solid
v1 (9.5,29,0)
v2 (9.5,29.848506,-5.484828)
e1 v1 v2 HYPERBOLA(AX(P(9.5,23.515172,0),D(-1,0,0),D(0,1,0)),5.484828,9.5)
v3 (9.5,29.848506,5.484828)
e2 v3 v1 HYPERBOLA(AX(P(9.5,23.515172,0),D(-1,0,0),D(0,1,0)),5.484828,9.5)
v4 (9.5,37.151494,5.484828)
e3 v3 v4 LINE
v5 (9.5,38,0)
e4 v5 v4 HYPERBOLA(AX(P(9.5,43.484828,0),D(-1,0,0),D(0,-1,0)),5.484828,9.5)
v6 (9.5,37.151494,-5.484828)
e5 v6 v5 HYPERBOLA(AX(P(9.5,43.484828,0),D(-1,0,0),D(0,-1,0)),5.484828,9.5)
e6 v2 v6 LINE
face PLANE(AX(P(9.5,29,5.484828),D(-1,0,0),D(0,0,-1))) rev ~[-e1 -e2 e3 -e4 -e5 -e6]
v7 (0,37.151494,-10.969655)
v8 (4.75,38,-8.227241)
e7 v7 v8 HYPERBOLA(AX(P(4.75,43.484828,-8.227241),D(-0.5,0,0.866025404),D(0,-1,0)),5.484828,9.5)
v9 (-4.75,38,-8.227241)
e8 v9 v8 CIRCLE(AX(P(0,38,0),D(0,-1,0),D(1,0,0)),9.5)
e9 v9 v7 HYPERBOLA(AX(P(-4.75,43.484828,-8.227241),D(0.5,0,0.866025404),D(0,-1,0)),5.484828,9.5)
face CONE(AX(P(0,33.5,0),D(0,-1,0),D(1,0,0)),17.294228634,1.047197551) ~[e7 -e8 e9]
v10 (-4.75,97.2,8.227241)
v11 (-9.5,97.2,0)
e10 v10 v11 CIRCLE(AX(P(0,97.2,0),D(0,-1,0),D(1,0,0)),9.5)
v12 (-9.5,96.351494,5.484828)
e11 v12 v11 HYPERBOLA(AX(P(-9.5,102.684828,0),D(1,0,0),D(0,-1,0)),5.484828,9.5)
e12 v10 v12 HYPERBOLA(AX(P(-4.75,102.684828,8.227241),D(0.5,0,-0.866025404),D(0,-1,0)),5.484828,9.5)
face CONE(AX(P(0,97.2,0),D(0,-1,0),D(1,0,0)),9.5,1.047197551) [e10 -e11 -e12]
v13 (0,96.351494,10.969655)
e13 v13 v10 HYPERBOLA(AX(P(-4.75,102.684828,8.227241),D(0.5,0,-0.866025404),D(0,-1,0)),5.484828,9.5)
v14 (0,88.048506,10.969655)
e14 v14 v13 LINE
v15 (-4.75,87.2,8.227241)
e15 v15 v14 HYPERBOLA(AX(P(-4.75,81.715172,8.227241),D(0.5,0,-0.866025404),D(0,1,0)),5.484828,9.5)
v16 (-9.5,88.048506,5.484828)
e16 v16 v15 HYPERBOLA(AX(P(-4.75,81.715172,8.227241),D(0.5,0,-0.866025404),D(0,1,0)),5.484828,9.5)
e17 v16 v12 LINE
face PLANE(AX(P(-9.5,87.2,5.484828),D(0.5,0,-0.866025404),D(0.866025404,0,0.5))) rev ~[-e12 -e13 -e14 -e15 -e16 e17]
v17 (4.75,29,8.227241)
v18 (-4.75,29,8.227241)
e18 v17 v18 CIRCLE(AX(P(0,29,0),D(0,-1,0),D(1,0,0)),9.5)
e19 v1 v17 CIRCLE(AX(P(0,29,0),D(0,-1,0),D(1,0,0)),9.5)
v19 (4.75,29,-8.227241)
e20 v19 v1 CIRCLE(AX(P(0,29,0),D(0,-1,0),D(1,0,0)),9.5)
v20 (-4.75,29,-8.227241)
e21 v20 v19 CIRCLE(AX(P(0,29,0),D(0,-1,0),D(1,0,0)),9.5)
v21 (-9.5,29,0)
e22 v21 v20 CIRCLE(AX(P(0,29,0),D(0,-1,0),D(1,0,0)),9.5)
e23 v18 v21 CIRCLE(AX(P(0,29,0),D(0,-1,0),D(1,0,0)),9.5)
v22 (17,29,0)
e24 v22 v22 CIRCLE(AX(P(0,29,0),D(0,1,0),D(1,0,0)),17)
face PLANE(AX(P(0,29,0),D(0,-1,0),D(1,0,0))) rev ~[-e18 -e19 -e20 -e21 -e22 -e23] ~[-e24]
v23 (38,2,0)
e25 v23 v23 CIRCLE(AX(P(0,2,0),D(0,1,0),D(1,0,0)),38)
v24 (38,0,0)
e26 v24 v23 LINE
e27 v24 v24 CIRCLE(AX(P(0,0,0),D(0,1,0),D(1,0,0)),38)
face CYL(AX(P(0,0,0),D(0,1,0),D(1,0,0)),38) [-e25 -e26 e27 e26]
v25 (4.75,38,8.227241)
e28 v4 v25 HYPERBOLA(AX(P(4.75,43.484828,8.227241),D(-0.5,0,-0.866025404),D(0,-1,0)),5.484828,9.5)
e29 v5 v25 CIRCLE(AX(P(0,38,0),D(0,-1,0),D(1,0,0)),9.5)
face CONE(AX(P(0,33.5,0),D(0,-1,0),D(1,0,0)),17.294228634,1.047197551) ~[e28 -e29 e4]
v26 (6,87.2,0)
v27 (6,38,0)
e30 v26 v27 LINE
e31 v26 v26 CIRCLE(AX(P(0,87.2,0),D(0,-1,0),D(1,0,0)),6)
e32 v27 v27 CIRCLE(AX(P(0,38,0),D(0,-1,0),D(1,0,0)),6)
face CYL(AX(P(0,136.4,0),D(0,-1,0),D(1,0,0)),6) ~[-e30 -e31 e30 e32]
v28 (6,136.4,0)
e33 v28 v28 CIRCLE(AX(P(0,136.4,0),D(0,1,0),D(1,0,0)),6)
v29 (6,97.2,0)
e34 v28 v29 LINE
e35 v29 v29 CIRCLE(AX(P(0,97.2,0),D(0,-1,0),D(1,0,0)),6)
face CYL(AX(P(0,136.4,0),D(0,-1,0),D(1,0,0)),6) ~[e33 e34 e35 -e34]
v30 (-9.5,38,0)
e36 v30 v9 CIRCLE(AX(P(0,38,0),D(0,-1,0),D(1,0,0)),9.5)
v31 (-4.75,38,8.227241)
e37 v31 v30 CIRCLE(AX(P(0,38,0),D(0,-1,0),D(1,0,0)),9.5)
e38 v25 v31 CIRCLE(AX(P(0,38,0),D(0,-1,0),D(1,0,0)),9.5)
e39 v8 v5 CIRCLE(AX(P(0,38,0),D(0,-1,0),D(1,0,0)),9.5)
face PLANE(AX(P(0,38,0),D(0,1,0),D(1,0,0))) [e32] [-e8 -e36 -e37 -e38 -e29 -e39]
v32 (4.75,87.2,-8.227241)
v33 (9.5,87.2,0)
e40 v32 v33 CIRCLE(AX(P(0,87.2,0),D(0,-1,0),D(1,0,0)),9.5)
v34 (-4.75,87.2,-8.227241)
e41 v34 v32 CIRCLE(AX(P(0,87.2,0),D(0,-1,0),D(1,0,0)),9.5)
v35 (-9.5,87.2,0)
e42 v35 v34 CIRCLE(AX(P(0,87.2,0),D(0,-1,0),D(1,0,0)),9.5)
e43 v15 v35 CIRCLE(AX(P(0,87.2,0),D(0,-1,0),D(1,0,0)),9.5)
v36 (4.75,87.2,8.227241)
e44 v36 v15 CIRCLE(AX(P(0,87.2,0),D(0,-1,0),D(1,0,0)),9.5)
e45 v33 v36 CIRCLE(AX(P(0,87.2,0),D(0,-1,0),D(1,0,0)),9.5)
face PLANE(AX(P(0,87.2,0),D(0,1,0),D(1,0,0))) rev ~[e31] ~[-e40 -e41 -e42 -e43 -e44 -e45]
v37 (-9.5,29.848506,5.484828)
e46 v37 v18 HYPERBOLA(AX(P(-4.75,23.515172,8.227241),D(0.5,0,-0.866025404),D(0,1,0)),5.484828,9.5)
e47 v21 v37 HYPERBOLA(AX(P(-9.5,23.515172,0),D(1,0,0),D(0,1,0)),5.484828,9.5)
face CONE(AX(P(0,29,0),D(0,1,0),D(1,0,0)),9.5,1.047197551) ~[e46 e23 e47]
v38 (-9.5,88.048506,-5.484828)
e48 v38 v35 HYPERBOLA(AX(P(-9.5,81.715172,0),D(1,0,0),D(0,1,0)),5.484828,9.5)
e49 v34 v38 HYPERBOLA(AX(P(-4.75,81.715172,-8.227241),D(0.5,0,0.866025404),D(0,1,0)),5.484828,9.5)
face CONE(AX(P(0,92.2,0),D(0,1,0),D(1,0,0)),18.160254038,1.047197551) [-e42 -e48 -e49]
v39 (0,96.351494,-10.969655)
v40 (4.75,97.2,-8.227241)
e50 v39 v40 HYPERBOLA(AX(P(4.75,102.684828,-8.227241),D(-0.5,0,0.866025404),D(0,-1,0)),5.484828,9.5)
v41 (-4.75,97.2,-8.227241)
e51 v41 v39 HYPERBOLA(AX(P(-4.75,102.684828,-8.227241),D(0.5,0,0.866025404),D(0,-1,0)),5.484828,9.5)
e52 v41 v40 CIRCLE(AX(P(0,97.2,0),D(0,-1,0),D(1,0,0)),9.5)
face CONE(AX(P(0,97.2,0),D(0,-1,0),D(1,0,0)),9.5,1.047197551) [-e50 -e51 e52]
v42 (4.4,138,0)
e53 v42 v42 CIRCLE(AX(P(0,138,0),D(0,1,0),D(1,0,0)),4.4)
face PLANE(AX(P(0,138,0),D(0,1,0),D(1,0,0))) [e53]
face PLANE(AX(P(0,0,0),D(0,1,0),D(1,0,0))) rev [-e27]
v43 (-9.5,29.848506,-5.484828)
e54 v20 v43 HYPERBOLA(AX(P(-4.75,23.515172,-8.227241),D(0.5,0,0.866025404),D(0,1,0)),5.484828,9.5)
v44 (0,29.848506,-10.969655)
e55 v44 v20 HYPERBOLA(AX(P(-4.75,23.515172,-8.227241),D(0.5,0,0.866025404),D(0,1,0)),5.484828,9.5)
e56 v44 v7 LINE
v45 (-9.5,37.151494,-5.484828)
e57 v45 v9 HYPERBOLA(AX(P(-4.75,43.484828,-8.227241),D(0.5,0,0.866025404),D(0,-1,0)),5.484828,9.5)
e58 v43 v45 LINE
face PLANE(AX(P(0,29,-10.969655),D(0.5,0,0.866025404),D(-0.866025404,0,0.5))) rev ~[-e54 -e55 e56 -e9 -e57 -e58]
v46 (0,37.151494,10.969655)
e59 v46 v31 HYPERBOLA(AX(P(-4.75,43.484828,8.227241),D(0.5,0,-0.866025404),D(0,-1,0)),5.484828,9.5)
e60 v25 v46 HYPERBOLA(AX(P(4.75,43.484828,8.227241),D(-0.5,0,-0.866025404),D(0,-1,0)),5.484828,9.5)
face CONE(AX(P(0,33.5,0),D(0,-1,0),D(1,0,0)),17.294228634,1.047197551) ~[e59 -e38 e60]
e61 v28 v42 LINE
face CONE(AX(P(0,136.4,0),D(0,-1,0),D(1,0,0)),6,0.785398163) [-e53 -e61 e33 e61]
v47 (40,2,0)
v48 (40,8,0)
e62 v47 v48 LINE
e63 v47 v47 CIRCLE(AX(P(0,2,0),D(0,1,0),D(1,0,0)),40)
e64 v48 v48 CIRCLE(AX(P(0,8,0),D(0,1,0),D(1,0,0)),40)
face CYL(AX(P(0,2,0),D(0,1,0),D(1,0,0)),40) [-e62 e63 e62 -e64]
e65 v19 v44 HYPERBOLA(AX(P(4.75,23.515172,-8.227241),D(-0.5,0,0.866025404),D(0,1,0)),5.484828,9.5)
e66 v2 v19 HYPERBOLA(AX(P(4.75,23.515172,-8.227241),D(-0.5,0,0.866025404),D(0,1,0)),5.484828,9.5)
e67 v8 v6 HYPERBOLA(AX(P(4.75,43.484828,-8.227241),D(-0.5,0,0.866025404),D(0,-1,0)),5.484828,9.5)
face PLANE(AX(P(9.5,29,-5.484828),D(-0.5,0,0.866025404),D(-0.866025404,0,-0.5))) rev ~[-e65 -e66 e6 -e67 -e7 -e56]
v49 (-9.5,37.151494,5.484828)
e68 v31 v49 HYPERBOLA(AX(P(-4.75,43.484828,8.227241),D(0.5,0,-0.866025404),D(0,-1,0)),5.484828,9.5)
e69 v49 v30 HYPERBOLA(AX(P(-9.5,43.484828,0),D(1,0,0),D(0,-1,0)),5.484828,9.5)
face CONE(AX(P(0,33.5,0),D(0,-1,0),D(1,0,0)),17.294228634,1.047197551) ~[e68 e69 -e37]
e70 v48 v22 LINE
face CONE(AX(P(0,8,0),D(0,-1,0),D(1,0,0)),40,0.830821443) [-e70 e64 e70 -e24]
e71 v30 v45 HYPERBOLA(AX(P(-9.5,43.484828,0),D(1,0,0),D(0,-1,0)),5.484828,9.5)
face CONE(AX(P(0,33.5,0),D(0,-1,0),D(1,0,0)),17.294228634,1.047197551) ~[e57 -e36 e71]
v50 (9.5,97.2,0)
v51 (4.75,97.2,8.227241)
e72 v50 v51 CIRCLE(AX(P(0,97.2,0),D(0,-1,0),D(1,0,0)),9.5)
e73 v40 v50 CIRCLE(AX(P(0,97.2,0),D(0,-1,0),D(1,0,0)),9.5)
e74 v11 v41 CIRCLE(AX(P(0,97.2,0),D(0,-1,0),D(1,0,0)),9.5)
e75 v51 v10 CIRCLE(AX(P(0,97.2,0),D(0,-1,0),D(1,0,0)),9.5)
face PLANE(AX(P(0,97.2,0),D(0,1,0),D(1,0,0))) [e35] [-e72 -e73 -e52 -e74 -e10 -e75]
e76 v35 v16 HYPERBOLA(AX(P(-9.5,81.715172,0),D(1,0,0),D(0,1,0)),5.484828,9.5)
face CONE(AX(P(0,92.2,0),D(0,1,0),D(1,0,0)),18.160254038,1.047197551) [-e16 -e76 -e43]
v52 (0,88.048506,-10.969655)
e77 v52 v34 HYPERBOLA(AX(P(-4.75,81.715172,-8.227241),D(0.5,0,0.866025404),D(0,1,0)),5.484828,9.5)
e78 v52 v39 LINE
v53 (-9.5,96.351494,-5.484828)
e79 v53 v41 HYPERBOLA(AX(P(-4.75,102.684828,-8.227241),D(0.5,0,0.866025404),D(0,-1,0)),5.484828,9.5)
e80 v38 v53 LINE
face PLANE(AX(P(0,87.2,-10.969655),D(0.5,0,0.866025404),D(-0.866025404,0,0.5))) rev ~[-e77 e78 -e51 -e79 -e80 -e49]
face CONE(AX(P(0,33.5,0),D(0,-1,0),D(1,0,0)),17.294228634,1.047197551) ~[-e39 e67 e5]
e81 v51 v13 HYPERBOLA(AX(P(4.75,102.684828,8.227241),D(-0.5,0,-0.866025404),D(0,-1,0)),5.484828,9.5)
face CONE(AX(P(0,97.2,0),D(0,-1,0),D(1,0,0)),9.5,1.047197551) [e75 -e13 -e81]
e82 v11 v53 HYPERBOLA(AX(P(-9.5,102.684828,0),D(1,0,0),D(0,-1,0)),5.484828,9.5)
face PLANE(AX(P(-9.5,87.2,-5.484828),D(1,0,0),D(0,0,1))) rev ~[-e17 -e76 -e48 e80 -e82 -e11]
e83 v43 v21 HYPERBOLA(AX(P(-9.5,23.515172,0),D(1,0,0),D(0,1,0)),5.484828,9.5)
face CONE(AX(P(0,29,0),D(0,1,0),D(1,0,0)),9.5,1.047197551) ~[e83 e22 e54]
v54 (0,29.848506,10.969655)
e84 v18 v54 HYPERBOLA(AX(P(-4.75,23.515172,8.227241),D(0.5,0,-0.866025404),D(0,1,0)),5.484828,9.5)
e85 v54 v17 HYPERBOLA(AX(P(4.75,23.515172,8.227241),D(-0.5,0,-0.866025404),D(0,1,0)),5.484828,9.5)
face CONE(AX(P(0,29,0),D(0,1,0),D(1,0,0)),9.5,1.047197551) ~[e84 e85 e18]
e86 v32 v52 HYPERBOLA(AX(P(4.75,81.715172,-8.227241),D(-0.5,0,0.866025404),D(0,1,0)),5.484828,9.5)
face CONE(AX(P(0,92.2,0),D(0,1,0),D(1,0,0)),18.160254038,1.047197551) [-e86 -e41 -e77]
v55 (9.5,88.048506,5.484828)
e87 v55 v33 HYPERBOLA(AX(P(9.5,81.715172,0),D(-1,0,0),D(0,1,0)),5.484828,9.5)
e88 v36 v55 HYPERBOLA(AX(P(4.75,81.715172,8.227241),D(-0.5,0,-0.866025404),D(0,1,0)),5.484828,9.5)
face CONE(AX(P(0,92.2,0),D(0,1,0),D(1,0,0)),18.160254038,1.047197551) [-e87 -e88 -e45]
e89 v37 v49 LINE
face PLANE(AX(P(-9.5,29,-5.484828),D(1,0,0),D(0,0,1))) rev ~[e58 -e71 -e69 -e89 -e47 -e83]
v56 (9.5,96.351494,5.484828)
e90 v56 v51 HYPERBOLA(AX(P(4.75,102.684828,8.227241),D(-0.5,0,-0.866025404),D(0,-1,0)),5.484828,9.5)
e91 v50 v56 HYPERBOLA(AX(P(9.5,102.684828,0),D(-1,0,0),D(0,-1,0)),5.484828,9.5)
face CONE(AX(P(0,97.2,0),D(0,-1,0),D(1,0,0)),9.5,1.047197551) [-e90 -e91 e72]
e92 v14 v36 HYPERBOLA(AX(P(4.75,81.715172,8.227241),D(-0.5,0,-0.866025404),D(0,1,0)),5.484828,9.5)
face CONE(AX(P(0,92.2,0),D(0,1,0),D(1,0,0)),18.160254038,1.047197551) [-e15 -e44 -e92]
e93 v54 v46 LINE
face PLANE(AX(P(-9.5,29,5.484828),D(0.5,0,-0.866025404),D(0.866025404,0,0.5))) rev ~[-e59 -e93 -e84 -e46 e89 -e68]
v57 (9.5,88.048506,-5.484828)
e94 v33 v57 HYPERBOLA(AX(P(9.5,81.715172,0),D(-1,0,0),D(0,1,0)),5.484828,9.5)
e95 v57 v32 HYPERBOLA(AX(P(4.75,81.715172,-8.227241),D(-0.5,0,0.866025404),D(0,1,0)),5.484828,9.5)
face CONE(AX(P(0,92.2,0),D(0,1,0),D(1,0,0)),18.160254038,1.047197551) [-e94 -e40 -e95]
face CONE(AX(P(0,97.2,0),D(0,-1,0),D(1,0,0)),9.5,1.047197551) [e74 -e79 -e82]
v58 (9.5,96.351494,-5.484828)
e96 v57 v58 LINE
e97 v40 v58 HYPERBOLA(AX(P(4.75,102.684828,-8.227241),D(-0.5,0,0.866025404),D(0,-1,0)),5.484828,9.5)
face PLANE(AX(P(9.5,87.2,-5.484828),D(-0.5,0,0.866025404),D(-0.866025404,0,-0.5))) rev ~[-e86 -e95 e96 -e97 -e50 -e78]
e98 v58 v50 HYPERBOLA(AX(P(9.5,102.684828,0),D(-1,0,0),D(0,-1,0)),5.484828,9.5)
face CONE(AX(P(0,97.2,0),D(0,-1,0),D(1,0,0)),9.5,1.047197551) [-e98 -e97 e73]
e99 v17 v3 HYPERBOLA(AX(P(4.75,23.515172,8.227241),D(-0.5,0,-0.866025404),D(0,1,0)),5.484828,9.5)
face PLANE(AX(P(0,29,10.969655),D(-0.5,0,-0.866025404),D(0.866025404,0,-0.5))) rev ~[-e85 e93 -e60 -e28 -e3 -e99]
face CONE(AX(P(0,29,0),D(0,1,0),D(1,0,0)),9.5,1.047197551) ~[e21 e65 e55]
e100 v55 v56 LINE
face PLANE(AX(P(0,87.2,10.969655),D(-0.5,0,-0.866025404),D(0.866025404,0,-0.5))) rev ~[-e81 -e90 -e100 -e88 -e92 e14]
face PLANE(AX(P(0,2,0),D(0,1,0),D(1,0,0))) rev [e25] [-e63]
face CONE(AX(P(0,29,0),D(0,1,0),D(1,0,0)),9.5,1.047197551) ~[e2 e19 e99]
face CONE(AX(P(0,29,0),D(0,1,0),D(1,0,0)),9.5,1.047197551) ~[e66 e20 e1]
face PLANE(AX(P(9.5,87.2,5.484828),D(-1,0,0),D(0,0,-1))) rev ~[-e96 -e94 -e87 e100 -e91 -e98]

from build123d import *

# Parameters (mm, degrees)
EXTRUDE_1_DEPTH = 9
EXTRUDE_2_DEPTH = 10


with BuildPart() as part:
    # Эскиз1 → Повернуть1 (revolve)
    with BuildSketch(Plane.XY, mode=Mode.PRIVATE) as revolve_1_sk:
        Polygon((0, 0), (-38, 0), (-38, 2), (-40, 2), (-40, 8), (-17, 29), (-6, 29), (-6, 38), (-6, 136.4), (-4.4, 138), (0, 138), align=None)
    revolve(revolve_1_sk.sketch.rotate(Axis((0, 0, 0), (0, 1, 0)), 180), axis=Axis((0, 0, 0), (0, 1, 0)))  # turned: the seam where the file's is

    # Эскиз2 → Бобышка-Вытянуть1 (add)
    with BuildSketch(Plane(origin=(0, 29, 0), x_dir=(1, 0, 0), z_dir=(0, 1, 0))):
        Polygon((0, 10.969655115), (-9.5, 5.484827557), (-9.5, -5.484827557), (0, -10.969655115), (9.5, -5.484827557), (9.5, 5.484827557), align=None)
    extrude(amount=EXTRUDE_1_DEPTH)

    # Эскиз3 → Бобышка-Вытянуть2 (add)
    with BuildSketch(Plane(origin=(0, 87.2, 0), x_dir=(1, 0, 0), z_dir=(0, 1, 0))):
        Polygon((9.5, 5.484827557), (0, 10.969655115), (-9.5, 5.484827557), (-9.5, -5.484827557), (0, -10.969655115), (9.5, -5.484827557), align=None)
    extrude(amount=EXTRUDE_2_DEPTH)

    # Эскиз4 → Вырез-Повернуть2 (revolve, cut)
    with BuildSketch(Plane.XY, mode=Mode.PRIVATE) as cut_revolve_2_sk:
        Polygon((-18.160254038, 97.2), (-9.5, 97.2), (-18.160254038, 92.2), align=None)
        Polygon((-18.160254038, 87.2), (-18.160254038, 92.2), (-9.5, 87.2), align=None)
        Polygon((-17.294228634, 38), (-17.294228634, 33.5), (-9.5, 38), align=None)
        Polygon((-17.294228634, 33.5), (-17.294228634, 29), (-9.5, 29), align=None)
    revolve(cut_revolve_2_sk.sketch.rotate(Axis((0, 138, 0), (0, -1, 0)), 180), axis=Axis((0, 138, 0), (0, -1, 0)), mode=Mode.SUBTRACT)  # turned: the seam where the file's is


solid = part.part
